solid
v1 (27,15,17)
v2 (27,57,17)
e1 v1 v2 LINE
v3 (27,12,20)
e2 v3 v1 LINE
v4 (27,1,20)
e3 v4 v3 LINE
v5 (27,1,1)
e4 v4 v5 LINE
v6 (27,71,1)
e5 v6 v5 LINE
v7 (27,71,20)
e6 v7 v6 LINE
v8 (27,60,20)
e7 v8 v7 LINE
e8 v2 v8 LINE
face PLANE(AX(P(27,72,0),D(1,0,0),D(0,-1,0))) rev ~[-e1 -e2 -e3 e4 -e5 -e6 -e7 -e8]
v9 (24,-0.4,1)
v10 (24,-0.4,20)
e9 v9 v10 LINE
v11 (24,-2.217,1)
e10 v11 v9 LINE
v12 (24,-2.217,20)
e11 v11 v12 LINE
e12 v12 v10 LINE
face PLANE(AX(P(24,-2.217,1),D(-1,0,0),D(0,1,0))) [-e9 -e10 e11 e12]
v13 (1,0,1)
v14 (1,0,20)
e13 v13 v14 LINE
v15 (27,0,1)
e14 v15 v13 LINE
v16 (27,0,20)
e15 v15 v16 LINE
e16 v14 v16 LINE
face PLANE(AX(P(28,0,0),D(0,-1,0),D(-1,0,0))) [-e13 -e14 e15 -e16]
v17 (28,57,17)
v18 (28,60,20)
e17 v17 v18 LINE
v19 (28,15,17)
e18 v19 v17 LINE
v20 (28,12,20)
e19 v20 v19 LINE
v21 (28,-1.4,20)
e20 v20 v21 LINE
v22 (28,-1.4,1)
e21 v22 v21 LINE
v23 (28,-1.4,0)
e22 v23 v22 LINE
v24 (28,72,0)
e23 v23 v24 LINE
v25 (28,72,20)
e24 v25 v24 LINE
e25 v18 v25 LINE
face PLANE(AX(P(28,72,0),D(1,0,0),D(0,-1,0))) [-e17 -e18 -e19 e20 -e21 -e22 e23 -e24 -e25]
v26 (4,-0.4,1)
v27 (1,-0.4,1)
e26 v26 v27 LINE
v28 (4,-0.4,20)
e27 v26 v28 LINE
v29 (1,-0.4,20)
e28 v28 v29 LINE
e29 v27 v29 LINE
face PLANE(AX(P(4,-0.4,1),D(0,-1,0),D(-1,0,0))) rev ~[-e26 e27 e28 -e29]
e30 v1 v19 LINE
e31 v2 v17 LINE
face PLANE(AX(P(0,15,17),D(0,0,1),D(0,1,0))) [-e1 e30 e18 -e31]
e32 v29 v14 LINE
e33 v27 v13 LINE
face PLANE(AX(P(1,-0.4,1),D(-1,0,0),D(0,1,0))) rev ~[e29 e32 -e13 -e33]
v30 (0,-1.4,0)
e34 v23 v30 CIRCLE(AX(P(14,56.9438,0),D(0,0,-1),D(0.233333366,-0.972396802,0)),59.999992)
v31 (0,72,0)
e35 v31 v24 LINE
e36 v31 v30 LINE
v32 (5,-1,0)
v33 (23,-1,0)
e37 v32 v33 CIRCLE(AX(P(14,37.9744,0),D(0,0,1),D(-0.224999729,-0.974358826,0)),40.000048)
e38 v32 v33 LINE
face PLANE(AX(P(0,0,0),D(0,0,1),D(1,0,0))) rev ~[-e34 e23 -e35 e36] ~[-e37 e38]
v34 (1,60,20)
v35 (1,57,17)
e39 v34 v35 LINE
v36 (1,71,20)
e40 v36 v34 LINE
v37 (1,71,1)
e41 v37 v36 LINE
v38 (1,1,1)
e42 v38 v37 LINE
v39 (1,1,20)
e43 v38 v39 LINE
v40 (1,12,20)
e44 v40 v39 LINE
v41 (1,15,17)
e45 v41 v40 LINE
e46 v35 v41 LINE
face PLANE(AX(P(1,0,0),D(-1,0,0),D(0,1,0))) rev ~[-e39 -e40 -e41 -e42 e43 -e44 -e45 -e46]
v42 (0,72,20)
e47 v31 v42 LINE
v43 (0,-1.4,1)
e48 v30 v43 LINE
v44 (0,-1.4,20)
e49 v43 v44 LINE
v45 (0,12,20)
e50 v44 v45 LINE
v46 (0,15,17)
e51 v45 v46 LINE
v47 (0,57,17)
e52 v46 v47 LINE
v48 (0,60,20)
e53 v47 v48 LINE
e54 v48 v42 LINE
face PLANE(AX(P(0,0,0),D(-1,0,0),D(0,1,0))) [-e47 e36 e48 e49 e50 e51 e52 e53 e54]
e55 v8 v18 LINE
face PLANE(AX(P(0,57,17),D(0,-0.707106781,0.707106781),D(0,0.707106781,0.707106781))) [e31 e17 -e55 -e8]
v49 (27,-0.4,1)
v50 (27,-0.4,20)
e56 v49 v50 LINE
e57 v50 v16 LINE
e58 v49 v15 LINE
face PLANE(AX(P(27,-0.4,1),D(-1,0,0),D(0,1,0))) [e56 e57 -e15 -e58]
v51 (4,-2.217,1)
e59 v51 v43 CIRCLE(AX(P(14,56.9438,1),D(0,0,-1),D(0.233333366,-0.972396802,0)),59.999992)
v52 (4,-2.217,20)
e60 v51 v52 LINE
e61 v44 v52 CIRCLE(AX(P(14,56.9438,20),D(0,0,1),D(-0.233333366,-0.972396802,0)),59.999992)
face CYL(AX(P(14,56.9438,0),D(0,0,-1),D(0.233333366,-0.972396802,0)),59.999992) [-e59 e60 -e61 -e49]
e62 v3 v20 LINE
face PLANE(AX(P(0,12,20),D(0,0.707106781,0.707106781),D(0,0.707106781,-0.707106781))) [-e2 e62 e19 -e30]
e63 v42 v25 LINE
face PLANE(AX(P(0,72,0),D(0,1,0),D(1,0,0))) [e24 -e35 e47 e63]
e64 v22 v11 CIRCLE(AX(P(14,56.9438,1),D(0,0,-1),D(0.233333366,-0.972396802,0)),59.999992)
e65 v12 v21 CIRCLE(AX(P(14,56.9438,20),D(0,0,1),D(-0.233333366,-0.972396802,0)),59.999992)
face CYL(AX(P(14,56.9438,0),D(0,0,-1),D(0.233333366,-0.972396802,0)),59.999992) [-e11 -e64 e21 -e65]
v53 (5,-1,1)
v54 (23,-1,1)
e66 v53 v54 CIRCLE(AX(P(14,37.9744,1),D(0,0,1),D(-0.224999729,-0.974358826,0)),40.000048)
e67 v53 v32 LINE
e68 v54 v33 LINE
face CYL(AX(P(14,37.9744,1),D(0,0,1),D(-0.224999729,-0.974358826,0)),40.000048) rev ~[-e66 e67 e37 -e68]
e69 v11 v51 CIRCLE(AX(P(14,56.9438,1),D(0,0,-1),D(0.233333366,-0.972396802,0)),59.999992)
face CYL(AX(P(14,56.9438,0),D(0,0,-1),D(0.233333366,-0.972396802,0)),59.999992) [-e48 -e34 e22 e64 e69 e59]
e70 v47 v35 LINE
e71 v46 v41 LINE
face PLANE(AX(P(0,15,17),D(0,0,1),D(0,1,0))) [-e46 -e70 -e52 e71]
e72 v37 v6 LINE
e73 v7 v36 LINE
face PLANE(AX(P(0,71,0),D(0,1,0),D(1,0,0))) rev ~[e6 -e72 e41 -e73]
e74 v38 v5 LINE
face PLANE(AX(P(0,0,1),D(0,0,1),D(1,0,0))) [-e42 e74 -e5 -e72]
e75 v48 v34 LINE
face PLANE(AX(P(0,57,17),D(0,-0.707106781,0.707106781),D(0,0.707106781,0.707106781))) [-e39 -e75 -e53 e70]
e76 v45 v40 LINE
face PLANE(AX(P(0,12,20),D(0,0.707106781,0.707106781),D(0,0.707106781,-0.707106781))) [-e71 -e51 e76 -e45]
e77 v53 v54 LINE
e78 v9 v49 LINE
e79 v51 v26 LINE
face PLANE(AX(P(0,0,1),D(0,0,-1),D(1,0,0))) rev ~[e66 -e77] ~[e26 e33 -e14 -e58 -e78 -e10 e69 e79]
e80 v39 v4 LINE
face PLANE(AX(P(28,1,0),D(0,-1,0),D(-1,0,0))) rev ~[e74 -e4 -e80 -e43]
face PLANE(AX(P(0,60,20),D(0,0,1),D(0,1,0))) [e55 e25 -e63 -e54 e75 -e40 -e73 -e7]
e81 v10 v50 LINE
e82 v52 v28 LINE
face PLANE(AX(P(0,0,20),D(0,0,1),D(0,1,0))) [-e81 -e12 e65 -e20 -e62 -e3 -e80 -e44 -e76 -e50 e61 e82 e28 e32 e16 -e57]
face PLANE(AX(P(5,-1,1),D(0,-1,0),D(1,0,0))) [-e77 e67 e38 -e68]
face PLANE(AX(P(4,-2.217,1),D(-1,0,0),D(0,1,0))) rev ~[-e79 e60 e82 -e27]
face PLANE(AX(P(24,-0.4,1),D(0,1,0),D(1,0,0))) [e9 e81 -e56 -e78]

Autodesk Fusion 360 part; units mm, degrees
sketch "Boceto1" plane through (0, 0, 0) normal (0, 0, 1) x (1, 0, 0)
  line L0 (0, 72) -> (28, 72)
  line L1 (28, 72) -> (28, 0)
  line L2 (28, 0) -> (0, 0)
  line L3 (0, 0) -> (0, 72)
  dimension "d1" = 72
  dimension "d2" = 28
extrude "Extruir1" add sketch "Boceto1" along normal blind 1 makes body 1
sketch "Boceto2" plane through (0, 0, 0) normal (1, 0, 0) x (0, 1, 0)
  line L0 (0, 1) -> (0, 20)
  line L1 (0, 20) -> (12, 20)
  line L2 (12, 20) -> (15, 17)
  line L3 (15, 17) -> (57, 17)
  line L4 (57, 17) -> (60, 20)
  line L5 (60, 20) -> (72, 20)
  line L6 (72, 20) -> (72, 1)
  line L7 (72, 1) -> (0, 1)
  line L8 (0, 1) -> (72, 1)
  dimension "d5" = 19
  dimension "d6" = 12
  dimension "d7" = 12
  dimension "d8" = 72
  dimension "d9" = 45
  dimension "d12" = 16
extrude "Extruir2" add sketch "Boceto2" along normal blind 28 bodies 1
shell "Vaciado1" thickness 1 removed faces 5 at (9.3333, 4, 20) at (9.3333, 13, 19) at (9.3333, 29, 17) at (9.3333, 58, 18) at (9.3333, 64, 20) on bodies 1
sketch "Boceto5" plane through (0, 0, 0) normal (0, 0, -1) x (1, 0, 0)
  line L0 (28, 0) -> (0, 0)
  line L1 (0, 0) -> (0, -72)
  line L2 (0, -72) -> (28, -72)
  line L3 (28, -72) -> (28, 0)
  line L4 (0, 0) -> (0, 1.4)
  line L5 (28, 0) -> (28, 1.4)
  arc A0 (28, 1.4) -> (0, 1.4) centre (14, -56.9438) ccw
  line L6 (0, 0) -> (28, 0)
  dimension "d28" = 1.4
  dimension "d29" = 1.4
  dimension "d30" = 60
extrude "Extruir3" add sketch "Boceto5" against normal blind 1 separate body contours L0 L4 L5 A0 L6 makes body 2
sketch "Boceto6" plane through (0, 0, 1) normal (0, 0, 1) x (-1, 0, 0)
  line L0 (-28, 0) -> (0, 0)
  line L1 (0, 0) -> (0, 1.4)
  arc A0 (0, 1.4) -> (-28, 1.4) centre (-14, -56.9438) ccw
  line L2 (-28, 1.4) -> (-28, 0)
  line L3 (-5, 1) -> (-23, 1)
  arc A1 (-5, 1) -> (-23, 1) centre (-14, -37.9744) ccw
  line L4 (0, 0) -> (-28, 0)
  dimension "d35" = 18
  dimension "d36" = 5
  dimension "d37" = 40
  dimension "d38" = 1
extrude "Extruir4" cut sketch "Boceto6" against normal blind 1 contours L3 A1 bodies 2
sketch "Boceto7" plane through (0, 0, 1) normal (0, 0, 1) x (-1, 0, 0)
  line L0 (-5, 1) -> (-23, 1)
  arc A0 (-5, 1) -> (-23, 1) centre (-14, -37.9744) ccw
  line L1 (-28, 0) -> (0, 0)
  line L2 (0, 0) -> (0, 1.4)
  arc A1 (0, 1.4) -> (-28, 1.4) centre (-14, -56.9438) ccw
  line L3 (-28, 1.4) -> (-28, 0)
  line L4 (-1, 0) -> (0, 0)
  line L5 (-4, 2.217) -> (-4, 0.4)
  line L6 (-4, 0.4) -> (-1, 0.4)
  line L7 (-1, 0.4) -> (-1, 0)
  arc A2 (0, 1.4) -> (-4, 2.217) centre (-14, -56.9438) ccw
  line L8 (-14, -72) -> (-14, 0) construction
  line L9 (-24, 0.4) -> (-27, 0.4)
  line L10 (-27, 0.4) -> (-27, 0)
  line L11 (-27, 0) -> (-28, 0)
  line L12 (-28, 0) -> (-28, 1.4)
  arc A3 (-24, 2.217) -> (-28, 1.4) centre (-14, -56.9438) ccw
  line L13 (-24, 2.217) -> (-24, 0.4)
  dimension "d39" = 0.4
  dimension "d40" = 1
  dimension "d41" = 4
  dimension "d42" = 60
extrude "Extruir5" add sketch "Boceto7" along normal blind 19 contours L1 A1 L3 L9 L10 L11 L12 A3 L13 | L1 L2 A1 L4 L5 L6 L7 A2 bodies 1 2
equation "d1 = internal_depth + 2 mm"
equation "d2 = internal_width + 2 mm"
equation "d5 = internal_height"
equation "d6 = ( internal_depth + 2 mm ) / 6"
equation "d7 = ( internal_depth + 2 mm ) / 6"
equation "d8 = internal_depth + 2 mm"
equation "d12 = internal_height - 3 mm"
equation "internal_depth = 70 mm"
equation "internal_width = 26 mm"
equation "internal_height = 19 mm"
equation "wall_width = 1 mm"
equation "d24 = wall_width"
equation "d35 = ( internal_width + 2 mm ) - 10 mm"
equation "d43 = internal_height"
